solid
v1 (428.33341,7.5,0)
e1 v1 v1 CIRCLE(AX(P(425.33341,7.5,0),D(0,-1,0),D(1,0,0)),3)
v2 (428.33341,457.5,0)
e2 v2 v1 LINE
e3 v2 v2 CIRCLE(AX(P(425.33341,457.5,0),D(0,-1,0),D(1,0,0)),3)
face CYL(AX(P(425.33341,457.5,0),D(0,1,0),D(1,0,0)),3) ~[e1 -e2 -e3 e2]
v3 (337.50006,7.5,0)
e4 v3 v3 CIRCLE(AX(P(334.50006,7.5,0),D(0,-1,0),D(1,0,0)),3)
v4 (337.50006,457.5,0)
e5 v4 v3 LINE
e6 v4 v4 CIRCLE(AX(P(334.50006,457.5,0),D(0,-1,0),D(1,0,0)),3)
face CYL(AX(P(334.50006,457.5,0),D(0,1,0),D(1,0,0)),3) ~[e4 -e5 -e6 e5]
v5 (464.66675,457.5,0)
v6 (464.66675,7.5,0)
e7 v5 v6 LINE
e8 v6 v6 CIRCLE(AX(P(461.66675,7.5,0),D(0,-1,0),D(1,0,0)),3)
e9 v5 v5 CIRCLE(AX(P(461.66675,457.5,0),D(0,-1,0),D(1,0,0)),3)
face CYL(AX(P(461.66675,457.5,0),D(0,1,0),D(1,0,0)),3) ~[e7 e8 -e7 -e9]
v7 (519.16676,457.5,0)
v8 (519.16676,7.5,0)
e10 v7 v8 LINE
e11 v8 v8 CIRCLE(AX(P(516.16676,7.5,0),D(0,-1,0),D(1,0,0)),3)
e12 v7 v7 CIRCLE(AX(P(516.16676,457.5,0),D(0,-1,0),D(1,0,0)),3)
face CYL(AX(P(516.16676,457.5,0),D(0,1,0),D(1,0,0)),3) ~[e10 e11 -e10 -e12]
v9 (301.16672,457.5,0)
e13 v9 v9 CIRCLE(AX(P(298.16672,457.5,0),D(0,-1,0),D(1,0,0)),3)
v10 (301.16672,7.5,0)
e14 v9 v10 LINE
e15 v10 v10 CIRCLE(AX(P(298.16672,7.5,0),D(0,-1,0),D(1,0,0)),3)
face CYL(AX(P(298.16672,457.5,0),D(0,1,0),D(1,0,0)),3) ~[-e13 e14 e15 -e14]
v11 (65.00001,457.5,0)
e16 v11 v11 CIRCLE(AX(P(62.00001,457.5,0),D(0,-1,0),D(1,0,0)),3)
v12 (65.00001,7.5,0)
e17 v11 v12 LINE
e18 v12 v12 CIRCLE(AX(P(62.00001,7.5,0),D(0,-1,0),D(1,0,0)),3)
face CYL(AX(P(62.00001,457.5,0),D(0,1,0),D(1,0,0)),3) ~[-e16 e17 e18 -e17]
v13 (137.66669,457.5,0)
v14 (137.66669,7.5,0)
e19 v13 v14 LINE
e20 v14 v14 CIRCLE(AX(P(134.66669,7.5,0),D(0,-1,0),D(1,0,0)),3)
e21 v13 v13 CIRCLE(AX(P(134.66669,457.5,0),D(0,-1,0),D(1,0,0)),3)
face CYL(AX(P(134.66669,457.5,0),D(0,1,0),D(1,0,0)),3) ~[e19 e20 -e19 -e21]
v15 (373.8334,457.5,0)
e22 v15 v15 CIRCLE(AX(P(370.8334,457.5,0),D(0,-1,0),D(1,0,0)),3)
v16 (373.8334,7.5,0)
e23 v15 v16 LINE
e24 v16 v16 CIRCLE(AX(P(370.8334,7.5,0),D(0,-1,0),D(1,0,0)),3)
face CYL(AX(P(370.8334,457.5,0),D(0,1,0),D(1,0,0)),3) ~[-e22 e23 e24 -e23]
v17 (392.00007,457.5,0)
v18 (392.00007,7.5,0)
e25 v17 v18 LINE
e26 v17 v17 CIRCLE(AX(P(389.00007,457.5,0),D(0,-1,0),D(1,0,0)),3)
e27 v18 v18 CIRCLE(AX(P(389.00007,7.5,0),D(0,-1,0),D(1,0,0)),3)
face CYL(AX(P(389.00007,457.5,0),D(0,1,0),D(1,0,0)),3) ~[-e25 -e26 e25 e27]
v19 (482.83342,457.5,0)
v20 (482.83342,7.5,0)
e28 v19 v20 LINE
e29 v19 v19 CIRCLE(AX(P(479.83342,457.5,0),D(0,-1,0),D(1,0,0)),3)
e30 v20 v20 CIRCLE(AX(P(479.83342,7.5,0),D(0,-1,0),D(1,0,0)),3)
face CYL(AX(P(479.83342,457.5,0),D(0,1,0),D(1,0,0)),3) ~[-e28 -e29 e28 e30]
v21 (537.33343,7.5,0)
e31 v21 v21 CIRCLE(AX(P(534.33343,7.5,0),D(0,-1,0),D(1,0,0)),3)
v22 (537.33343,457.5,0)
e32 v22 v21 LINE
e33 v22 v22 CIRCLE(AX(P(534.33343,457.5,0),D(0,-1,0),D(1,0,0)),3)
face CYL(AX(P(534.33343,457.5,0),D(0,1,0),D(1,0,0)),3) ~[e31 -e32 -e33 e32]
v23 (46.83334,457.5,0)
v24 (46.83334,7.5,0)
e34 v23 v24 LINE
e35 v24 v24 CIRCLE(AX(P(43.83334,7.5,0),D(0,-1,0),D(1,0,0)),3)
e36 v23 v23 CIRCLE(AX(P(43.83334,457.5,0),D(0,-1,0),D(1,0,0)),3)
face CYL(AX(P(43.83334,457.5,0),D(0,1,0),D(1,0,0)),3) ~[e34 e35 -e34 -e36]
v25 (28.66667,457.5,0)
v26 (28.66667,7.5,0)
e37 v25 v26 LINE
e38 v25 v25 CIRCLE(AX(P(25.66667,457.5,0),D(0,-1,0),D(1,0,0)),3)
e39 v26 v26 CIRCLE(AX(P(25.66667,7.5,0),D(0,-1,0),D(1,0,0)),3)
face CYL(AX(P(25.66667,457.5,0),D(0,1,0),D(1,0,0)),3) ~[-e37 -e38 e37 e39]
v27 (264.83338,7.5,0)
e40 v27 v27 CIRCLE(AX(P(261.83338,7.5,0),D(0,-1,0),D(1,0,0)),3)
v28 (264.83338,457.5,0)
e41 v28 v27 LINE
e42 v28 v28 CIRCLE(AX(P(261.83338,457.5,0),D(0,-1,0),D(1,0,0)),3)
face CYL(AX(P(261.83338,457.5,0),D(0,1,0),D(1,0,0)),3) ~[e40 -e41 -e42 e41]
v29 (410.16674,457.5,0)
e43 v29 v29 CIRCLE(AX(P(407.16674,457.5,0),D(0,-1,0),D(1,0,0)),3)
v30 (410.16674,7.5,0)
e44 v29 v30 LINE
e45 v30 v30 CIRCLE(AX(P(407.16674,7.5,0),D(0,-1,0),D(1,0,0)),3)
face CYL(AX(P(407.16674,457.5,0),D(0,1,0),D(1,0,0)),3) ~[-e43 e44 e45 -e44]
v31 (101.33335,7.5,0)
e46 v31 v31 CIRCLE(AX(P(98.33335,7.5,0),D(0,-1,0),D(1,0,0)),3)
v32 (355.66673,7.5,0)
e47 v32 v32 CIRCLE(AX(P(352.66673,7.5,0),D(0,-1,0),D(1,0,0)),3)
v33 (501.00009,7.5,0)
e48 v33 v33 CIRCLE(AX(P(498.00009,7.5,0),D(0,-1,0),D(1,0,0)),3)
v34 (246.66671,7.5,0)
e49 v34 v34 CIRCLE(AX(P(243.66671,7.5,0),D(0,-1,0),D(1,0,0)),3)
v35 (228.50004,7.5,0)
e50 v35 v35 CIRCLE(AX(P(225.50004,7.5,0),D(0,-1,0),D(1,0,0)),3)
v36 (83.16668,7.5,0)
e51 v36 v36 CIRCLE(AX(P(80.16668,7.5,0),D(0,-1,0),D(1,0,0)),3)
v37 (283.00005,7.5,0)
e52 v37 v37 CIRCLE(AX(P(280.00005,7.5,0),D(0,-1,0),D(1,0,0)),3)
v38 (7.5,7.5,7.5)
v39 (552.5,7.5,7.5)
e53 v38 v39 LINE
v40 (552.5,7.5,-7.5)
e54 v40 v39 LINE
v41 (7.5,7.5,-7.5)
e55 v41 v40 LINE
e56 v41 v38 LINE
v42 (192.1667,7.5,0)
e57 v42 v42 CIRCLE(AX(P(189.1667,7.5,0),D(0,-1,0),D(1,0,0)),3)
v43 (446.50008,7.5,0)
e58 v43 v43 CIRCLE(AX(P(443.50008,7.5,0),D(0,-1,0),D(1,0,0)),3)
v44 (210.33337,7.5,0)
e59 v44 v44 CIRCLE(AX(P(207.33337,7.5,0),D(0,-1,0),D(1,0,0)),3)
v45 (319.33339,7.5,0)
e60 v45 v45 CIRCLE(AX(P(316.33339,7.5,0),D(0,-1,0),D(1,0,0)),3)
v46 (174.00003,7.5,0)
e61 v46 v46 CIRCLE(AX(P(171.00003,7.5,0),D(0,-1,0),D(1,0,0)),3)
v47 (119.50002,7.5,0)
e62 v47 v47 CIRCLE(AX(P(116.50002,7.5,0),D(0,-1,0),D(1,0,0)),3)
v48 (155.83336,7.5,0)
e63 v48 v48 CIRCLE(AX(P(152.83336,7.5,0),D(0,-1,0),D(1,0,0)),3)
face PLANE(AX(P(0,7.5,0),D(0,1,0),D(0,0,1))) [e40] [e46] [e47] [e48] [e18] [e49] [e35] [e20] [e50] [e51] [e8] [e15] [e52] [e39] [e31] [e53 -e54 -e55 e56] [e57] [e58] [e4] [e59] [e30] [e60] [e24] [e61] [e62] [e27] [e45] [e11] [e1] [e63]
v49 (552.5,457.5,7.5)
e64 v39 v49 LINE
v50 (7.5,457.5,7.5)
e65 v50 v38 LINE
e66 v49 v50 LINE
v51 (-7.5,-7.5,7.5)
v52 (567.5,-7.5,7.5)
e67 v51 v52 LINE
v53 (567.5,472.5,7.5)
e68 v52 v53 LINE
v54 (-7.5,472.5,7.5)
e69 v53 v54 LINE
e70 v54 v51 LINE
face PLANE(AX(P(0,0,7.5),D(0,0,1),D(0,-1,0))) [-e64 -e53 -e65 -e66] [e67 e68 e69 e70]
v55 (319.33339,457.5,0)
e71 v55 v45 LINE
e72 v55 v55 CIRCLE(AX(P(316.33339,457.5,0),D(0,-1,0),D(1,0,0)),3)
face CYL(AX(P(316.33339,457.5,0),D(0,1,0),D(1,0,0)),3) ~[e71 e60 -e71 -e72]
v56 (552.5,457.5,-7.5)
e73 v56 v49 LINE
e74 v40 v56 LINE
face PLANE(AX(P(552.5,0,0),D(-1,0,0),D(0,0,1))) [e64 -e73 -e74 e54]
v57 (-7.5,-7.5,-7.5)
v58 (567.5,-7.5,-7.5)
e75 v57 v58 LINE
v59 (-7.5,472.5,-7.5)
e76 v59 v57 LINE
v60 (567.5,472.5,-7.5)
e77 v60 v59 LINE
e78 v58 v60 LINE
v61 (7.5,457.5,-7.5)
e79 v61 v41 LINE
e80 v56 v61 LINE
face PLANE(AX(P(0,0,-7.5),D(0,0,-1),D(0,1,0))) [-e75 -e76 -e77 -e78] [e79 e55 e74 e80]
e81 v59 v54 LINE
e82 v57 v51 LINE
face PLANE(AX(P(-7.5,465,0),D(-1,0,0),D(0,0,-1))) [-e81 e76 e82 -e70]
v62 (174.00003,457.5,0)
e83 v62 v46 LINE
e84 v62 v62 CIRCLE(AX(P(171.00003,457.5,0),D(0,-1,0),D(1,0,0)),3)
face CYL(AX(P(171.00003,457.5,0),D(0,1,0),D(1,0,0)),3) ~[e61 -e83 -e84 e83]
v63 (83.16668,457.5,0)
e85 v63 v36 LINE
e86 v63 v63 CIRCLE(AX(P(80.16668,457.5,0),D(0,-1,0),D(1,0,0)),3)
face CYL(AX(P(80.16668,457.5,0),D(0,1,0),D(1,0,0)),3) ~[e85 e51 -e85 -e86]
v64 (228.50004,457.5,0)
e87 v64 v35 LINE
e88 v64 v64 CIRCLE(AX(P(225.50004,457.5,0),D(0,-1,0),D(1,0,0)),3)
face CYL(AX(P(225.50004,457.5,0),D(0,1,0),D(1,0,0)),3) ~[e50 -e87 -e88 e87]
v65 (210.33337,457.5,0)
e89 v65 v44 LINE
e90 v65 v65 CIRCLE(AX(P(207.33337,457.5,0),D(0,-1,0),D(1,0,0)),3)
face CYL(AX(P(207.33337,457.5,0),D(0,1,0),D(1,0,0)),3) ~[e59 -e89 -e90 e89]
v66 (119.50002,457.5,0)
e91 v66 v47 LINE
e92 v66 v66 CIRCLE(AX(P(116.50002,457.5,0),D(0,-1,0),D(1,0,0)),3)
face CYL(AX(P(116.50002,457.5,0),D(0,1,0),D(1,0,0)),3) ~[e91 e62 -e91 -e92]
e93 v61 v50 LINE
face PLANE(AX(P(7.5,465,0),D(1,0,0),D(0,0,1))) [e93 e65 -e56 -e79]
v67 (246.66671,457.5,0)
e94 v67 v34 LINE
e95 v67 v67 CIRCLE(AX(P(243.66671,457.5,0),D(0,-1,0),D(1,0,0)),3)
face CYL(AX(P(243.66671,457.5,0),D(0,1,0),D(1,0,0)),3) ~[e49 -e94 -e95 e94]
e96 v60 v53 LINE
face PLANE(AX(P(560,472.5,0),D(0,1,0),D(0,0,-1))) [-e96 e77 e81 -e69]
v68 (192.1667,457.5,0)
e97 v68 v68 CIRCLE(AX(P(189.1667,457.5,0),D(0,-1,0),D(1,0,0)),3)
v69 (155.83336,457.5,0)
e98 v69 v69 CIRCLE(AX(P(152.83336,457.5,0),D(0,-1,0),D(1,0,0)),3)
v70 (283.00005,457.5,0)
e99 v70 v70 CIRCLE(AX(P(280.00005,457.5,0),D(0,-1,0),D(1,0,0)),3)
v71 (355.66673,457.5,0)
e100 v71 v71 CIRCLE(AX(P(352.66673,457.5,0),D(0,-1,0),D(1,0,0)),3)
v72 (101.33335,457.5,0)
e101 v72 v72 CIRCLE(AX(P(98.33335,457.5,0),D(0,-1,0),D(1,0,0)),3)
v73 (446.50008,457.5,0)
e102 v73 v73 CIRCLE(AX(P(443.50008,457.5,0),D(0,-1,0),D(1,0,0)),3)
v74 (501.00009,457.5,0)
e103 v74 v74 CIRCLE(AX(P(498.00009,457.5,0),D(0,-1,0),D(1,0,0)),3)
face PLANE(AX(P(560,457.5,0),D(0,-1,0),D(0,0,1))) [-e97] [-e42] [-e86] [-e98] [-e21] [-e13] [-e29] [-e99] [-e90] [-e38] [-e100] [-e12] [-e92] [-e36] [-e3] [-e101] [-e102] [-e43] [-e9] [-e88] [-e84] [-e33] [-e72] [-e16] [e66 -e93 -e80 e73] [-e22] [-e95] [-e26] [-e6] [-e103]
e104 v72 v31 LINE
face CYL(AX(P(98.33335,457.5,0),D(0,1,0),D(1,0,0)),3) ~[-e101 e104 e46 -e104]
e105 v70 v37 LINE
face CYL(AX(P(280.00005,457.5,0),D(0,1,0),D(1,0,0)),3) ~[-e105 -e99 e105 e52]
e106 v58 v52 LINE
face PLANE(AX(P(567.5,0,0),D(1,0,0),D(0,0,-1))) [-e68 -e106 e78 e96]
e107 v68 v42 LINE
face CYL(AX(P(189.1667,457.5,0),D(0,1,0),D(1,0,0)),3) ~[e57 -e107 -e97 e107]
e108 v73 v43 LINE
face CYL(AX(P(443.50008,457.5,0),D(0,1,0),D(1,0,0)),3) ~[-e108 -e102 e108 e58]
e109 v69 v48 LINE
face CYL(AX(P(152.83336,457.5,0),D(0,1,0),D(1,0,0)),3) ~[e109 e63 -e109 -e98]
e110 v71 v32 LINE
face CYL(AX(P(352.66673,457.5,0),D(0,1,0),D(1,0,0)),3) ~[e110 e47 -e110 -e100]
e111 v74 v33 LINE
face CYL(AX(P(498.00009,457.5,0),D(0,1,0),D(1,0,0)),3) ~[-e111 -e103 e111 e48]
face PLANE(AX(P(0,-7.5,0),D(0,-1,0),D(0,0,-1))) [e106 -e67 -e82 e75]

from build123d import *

# Parameters (mm, degrees)
F1_W     = 15
F1_H     = 15
F3_R     = 3
F4_DEPTH = 450


with BuildPart() as f2:
    # F2: sweep along a path in F0
    with BuildLine(Plane.XY) as f2_path:
        Line((0, 0), (560, 0))
        Line((560, 0), (560, 465))
        Line((560, 465), (0, 465))
        Line((0, 465), (0, 0))
    # F1 (on Right) → F2 (sweep)
    with BuildSketch(Plane.YZ):
        Rectangle(F1_W, F1_H)
    sweep(path=f2_path.line, transition=Transition.RIGHT)

    # F3 (on face) → F4 (join)
    with BuildSketch(Plane.XZ.offset(-457.5)):
        with Locations((25.66667, 0)):
            Circle(F3_R)
        with Locations((43.83334, 0)):
            Circle(F3_R)
        with Locations((62.00001, 0)):
            Circle(F3_R)
        with Locations((80.16668, 0)):
            Circle(F3_R)
        with Locations((98.33335, 0)):
            Circle(F3_R)
        with Locations((116.50002, 0)):
            Circle(F3_R)
        with Locations((134.66669, 0)):
            Circle(F3_R)
        with Locations((152.83336, 0)):
            Circle(F3_R)
        with Locations((171.00003, 0)):
            Circle(F3_R)
        with Locations((189.1667, 0)):
            Circle(F3_R)
        with Locations((207.33337, 0)):
            Circle(F3_R)
        with Locations((225.50004, 0)):
            Circle(F3_R)
        with Locations((243.66671, 0)):
            Circle(F3_R)
        with Locations((261.83338, 0)):
            Circle(F3_R)
        with Locations((280.00005, 0)):
            Circle(F3_R)
        with Locations((298.16672, 0)):
            Circle(F3_R)
        with Locations((316.33339, 0)):
            Circle(F3_R)
        with Locations((334.50006, 0)):
            Circle(F3_R)
        with Locations((352.66673, 0)):
            Circle(F3_R)
        with Locations((370.8334, 0)):
            Circle(F3_R)
        with Locations((389.00007, 0)):
            Circle(F3_R)
        with Locations((407.16674, 0)):
            Circle(F3_R)
        with Locations((425.33341, 0)):
            Circle(F3_R)
        with Locations((443.50008, 0)):
            Circle(F3_R)
        with Locations((461.66675, 0)):
            Circle(F3_R)
        with Locations((479.83342, 0)):
            Circle(F3_R)
        with Locations((498.00009, 0)):
            Circle(F3_R)
        with Locations((516.16676, 0)):
            Circle(F3_R)
        with Locations((534.33343, 0)):
            Circle(F3_R)
    extrude(amount=F4_DEPTH)


solid = f2.part
